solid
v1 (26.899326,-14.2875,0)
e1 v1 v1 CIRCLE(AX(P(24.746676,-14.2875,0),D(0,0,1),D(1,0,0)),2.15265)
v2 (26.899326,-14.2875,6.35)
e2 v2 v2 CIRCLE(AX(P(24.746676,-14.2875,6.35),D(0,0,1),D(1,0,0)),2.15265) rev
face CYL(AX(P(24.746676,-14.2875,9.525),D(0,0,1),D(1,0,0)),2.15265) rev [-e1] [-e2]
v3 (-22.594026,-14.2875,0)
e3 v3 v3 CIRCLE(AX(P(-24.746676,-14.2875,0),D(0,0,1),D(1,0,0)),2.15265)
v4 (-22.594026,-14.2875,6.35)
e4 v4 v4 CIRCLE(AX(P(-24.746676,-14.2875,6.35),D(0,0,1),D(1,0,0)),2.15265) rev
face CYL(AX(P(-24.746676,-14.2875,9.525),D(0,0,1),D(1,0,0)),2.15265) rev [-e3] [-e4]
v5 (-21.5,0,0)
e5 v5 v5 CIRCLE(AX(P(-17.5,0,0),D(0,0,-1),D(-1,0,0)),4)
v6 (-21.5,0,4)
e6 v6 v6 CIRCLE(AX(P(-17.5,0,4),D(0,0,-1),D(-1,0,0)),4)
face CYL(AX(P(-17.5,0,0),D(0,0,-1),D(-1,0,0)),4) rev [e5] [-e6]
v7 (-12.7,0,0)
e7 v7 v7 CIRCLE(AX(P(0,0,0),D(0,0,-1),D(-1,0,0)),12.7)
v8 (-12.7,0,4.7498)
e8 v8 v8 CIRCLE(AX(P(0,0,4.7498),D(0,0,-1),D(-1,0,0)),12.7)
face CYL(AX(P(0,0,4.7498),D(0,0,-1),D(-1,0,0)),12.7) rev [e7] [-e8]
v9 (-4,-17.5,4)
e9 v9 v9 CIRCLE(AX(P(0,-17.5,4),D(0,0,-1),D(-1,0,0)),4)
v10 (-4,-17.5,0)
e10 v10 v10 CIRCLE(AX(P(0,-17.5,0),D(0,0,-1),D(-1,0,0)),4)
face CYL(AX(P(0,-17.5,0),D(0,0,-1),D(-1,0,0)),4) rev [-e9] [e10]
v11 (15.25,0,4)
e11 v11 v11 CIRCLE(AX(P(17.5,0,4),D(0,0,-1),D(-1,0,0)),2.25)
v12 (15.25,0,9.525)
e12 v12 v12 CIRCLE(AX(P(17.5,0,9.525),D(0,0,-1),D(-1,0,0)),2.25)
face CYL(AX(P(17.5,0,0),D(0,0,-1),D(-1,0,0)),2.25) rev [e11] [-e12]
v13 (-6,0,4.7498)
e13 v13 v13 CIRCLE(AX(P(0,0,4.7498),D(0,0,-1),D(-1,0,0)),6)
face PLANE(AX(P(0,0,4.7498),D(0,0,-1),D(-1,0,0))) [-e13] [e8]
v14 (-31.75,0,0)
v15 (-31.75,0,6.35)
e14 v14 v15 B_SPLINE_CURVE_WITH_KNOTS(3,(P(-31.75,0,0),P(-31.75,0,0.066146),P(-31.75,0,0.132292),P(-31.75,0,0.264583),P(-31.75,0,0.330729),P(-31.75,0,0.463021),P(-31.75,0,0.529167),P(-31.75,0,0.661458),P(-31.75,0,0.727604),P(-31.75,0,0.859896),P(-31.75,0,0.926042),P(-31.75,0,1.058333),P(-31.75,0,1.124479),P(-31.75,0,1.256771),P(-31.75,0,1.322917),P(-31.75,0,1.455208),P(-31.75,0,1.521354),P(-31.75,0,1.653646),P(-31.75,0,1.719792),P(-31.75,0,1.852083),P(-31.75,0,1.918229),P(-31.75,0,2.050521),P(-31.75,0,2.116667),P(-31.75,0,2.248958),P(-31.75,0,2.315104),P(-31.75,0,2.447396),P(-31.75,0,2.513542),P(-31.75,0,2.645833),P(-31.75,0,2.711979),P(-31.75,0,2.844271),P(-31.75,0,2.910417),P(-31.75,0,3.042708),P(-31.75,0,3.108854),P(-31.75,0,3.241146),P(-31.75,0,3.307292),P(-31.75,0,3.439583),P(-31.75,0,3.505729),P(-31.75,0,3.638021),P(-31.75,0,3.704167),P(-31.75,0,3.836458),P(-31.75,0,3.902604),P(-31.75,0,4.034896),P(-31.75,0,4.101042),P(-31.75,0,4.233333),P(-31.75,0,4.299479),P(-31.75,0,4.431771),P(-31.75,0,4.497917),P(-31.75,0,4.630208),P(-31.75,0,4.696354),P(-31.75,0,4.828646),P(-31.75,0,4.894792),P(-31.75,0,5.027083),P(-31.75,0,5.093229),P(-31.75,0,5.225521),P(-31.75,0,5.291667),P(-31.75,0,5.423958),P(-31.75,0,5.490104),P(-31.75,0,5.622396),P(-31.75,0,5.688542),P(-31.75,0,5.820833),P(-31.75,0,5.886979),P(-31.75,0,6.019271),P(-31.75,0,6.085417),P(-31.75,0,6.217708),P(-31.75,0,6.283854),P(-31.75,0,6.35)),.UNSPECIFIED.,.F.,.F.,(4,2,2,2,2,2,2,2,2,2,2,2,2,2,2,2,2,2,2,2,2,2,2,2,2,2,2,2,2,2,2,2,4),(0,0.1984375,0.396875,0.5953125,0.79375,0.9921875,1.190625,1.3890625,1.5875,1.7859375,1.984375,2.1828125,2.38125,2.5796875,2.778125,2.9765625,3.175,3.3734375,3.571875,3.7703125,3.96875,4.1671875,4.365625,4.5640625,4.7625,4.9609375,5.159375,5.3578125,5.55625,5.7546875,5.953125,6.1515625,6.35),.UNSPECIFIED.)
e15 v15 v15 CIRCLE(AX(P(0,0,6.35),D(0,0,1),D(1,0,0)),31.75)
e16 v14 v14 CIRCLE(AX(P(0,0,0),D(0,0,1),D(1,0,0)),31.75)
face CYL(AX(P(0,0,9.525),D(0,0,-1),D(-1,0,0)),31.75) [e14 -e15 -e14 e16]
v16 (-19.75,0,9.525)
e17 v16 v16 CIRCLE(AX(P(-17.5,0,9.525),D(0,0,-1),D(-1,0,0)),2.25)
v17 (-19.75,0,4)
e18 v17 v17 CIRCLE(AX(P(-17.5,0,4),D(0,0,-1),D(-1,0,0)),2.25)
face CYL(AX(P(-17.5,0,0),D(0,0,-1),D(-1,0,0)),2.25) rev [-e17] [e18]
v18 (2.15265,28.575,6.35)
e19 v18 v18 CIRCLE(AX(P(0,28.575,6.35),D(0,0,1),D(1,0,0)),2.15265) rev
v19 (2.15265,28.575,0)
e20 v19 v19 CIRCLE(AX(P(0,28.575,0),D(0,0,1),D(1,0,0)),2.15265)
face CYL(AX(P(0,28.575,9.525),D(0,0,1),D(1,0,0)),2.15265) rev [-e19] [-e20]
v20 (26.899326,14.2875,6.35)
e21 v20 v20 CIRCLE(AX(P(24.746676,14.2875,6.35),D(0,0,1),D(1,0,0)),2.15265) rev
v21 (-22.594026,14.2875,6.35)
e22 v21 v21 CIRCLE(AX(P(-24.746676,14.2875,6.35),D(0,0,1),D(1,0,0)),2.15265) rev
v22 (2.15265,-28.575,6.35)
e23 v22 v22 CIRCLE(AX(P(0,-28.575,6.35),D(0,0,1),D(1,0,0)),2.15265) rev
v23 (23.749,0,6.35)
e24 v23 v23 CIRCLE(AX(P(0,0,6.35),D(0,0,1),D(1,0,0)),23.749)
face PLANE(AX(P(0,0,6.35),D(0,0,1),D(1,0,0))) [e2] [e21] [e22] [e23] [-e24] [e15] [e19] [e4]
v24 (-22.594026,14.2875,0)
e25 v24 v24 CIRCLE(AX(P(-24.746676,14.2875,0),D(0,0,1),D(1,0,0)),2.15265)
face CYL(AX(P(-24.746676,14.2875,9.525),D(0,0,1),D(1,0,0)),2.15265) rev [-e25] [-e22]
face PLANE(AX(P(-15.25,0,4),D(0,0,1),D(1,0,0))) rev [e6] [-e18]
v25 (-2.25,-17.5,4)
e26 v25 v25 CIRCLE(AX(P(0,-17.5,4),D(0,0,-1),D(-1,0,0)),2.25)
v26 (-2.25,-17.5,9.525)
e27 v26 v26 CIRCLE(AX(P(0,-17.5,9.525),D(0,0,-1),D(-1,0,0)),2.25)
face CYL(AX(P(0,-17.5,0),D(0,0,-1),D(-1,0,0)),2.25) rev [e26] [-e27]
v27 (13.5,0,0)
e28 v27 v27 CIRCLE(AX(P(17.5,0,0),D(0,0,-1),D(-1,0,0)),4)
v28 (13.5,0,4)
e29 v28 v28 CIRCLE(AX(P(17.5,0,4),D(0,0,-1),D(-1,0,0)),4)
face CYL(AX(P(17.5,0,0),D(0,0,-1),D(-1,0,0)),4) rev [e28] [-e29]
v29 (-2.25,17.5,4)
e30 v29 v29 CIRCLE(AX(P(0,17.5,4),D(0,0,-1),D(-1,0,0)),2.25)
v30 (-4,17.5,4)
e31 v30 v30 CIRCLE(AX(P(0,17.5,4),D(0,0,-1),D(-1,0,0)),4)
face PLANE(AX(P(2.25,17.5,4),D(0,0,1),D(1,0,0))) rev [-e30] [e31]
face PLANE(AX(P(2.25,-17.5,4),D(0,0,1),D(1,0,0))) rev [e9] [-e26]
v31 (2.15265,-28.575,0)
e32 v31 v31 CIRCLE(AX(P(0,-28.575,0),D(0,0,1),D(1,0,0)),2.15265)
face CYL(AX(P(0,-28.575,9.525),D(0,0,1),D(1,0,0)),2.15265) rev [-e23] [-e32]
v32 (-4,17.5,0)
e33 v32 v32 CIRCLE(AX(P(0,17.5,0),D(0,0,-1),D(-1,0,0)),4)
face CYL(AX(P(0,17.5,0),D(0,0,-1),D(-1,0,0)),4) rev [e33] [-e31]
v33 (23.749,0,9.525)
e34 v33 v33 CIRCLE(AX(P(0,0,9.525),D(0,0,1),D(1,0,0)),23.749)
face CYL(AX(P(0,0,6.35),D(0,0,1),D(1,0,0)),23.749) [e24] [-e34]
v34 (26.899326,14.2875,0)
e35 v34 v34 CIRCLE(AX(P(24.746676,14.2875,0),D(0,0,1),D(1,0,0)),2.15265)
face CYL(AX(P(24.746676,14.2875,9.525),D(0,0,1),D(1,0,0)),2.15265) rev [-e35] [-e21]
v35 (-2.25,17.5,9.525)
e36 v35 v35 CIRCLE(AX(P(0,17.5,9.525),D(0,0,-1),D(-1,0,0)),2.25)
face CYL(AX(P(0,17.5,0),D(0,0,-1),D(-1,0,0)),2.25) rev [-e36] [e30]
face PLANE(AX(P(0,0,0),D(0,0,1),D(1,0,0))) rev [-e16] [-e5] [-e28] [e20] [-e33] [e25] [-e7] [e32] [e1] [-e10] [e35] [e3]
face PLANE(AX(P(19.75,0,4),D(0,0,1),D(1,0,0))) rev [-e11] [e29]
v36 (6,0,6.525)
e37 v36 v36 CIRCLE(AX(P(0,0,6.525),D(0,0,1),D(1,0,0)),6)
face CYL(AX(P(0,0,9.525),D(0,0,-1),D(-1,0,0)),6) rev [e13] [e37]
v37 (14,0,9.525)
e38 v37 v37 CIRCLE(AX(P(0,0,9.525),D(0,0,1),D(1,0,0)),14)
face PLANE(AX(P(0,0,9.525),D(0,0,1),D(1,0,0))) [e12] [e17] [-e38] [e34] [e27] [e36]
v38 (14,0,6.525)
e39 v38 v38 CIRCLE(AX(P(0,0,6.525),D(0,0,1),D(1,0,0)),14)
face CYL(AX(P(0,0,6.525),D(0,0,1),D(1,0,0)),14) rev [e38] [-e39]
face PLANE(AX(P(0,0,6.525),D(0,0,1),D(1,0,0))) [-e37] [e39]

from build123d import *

# Parameters (mm, degrees)
SKETCH1_R                      = 31.75
BOSS_EXTRUDE1_DEPTH            = 9.525
SKETCH2_R                      = 14
CUT_EXTRUDE1_DEPTH             = 3
F_8_CLEARANCE_HOLE1_D          = 4.3053
SKETCH5_R                      = 12.7
CUT_EXTRUDE2_DEPTH             = 4.7498
SKETCH6_R                      = 6
CUT_EXTRUDE3_DEPTH             = 46.154485215
CBORE_FOR_M4_SHCS1_D           = 4.5
CBORE_FOR_M4_SHCS1_CBORE_D     = 8
CBORE_FOR_M4_SHCS1_CBORE_DEPTH = 4
SKETCH9_OUTSIDE_W              = 83.562
SKETCH9_OUTSIDE_H              = 83.562
SKETCH9_OUTSIDE_R              = 23.749
CUT_EXTRUDE4_DEPTH             = 3.175


with BuildPart() as part:
    # Sketch1 → Boss-Extrude1 (new body)
    with BuildSketch(Plane.XY):
        with Locations(Location((0, 0, 0), (0, 0, 180))):
            Circle(SKETCH1_R)
    extrude(amount=BOSS_EXTRUDE1_DEPTH)

    # Sketch2 → Cut-Extrude1 (cut)
    with BuildSketch(Plane.XY.offset(9.525)):
        Circle(SKETCH2_R)
    extrude(amount=-CUT_EXTRUDE1_DEPTH, mode=Mode.SUBTRACT)

    # #8 Clearance Hole1 (through all)
    with Locations(Plane.XY.offset(9.525)):
        with Locations((0, 28.575), (24.746675913, 14.2875), (24.746675913, -14.2875), (0, -28.575), (-24.746675913, -14.2875), (-24.746675913, 14.2875)):
            Hole(F_8_CLEARANCE_HOLE1_D / 2)

    # Sketch5 → Cut-Extrude2 (cut)
    with BuildSketch(Plane(origin=(0, 0, 0), x_dir=(-1, 0, 0), z_dir=(0, 0, -1))):
        Circle(SKETCH5_R)
    extrude(amount=-CUT_EXTRUDE2_DEPTH, mode=Mode.SUBTRACT)

    # Sketch6 → Cut-Extrude3 (cut, through all)
    with BuildSketch(Plane(origin=(0, 0, 4.7498), x_dir=(-1, 0, 0), z_dir=(0, 0, -1))):
        Circle(SKETCH6_R)
    extrude(amount=-CUT_EXTRUDE3_DEPTH, mode=Mode.SUBTRACT)

    # CBORE for M4 SHCS1 (through all)
    with Locations(Plane(origin=(0, 0, 0), x_dir=(-1, 0, 0), z_dir=(0, 0, -1))):
        with Locations((0, 17.5), (17.5, 0), (0, -17.5), (-17.5, 0)):
            CounterBoreHole(CBORE_FOR_M4_SHCS1_D / 2, CBORE_FOR_M4_SHCS1_CBORE_D / 2, CBORE_FOR_M4_SHCS1_CBORE_DEPTH)

    # Sketch9 outside → Cut-Extrude4 (cut)
    with BuildSketch(Plane.XY.offset(9.525)):
        Rectangle(SKETCH9_OUTSIDE_W, SKETCH9_OUTSIDE_H)
        Circle(SKETCH9_OUTSIDE_R, mode=Mode.SUBTRACT)
    extrude(amount=-CUT_EXTRUDE4_DEPTH, mode=Mode.SUBTRACT)


solid = part.part
